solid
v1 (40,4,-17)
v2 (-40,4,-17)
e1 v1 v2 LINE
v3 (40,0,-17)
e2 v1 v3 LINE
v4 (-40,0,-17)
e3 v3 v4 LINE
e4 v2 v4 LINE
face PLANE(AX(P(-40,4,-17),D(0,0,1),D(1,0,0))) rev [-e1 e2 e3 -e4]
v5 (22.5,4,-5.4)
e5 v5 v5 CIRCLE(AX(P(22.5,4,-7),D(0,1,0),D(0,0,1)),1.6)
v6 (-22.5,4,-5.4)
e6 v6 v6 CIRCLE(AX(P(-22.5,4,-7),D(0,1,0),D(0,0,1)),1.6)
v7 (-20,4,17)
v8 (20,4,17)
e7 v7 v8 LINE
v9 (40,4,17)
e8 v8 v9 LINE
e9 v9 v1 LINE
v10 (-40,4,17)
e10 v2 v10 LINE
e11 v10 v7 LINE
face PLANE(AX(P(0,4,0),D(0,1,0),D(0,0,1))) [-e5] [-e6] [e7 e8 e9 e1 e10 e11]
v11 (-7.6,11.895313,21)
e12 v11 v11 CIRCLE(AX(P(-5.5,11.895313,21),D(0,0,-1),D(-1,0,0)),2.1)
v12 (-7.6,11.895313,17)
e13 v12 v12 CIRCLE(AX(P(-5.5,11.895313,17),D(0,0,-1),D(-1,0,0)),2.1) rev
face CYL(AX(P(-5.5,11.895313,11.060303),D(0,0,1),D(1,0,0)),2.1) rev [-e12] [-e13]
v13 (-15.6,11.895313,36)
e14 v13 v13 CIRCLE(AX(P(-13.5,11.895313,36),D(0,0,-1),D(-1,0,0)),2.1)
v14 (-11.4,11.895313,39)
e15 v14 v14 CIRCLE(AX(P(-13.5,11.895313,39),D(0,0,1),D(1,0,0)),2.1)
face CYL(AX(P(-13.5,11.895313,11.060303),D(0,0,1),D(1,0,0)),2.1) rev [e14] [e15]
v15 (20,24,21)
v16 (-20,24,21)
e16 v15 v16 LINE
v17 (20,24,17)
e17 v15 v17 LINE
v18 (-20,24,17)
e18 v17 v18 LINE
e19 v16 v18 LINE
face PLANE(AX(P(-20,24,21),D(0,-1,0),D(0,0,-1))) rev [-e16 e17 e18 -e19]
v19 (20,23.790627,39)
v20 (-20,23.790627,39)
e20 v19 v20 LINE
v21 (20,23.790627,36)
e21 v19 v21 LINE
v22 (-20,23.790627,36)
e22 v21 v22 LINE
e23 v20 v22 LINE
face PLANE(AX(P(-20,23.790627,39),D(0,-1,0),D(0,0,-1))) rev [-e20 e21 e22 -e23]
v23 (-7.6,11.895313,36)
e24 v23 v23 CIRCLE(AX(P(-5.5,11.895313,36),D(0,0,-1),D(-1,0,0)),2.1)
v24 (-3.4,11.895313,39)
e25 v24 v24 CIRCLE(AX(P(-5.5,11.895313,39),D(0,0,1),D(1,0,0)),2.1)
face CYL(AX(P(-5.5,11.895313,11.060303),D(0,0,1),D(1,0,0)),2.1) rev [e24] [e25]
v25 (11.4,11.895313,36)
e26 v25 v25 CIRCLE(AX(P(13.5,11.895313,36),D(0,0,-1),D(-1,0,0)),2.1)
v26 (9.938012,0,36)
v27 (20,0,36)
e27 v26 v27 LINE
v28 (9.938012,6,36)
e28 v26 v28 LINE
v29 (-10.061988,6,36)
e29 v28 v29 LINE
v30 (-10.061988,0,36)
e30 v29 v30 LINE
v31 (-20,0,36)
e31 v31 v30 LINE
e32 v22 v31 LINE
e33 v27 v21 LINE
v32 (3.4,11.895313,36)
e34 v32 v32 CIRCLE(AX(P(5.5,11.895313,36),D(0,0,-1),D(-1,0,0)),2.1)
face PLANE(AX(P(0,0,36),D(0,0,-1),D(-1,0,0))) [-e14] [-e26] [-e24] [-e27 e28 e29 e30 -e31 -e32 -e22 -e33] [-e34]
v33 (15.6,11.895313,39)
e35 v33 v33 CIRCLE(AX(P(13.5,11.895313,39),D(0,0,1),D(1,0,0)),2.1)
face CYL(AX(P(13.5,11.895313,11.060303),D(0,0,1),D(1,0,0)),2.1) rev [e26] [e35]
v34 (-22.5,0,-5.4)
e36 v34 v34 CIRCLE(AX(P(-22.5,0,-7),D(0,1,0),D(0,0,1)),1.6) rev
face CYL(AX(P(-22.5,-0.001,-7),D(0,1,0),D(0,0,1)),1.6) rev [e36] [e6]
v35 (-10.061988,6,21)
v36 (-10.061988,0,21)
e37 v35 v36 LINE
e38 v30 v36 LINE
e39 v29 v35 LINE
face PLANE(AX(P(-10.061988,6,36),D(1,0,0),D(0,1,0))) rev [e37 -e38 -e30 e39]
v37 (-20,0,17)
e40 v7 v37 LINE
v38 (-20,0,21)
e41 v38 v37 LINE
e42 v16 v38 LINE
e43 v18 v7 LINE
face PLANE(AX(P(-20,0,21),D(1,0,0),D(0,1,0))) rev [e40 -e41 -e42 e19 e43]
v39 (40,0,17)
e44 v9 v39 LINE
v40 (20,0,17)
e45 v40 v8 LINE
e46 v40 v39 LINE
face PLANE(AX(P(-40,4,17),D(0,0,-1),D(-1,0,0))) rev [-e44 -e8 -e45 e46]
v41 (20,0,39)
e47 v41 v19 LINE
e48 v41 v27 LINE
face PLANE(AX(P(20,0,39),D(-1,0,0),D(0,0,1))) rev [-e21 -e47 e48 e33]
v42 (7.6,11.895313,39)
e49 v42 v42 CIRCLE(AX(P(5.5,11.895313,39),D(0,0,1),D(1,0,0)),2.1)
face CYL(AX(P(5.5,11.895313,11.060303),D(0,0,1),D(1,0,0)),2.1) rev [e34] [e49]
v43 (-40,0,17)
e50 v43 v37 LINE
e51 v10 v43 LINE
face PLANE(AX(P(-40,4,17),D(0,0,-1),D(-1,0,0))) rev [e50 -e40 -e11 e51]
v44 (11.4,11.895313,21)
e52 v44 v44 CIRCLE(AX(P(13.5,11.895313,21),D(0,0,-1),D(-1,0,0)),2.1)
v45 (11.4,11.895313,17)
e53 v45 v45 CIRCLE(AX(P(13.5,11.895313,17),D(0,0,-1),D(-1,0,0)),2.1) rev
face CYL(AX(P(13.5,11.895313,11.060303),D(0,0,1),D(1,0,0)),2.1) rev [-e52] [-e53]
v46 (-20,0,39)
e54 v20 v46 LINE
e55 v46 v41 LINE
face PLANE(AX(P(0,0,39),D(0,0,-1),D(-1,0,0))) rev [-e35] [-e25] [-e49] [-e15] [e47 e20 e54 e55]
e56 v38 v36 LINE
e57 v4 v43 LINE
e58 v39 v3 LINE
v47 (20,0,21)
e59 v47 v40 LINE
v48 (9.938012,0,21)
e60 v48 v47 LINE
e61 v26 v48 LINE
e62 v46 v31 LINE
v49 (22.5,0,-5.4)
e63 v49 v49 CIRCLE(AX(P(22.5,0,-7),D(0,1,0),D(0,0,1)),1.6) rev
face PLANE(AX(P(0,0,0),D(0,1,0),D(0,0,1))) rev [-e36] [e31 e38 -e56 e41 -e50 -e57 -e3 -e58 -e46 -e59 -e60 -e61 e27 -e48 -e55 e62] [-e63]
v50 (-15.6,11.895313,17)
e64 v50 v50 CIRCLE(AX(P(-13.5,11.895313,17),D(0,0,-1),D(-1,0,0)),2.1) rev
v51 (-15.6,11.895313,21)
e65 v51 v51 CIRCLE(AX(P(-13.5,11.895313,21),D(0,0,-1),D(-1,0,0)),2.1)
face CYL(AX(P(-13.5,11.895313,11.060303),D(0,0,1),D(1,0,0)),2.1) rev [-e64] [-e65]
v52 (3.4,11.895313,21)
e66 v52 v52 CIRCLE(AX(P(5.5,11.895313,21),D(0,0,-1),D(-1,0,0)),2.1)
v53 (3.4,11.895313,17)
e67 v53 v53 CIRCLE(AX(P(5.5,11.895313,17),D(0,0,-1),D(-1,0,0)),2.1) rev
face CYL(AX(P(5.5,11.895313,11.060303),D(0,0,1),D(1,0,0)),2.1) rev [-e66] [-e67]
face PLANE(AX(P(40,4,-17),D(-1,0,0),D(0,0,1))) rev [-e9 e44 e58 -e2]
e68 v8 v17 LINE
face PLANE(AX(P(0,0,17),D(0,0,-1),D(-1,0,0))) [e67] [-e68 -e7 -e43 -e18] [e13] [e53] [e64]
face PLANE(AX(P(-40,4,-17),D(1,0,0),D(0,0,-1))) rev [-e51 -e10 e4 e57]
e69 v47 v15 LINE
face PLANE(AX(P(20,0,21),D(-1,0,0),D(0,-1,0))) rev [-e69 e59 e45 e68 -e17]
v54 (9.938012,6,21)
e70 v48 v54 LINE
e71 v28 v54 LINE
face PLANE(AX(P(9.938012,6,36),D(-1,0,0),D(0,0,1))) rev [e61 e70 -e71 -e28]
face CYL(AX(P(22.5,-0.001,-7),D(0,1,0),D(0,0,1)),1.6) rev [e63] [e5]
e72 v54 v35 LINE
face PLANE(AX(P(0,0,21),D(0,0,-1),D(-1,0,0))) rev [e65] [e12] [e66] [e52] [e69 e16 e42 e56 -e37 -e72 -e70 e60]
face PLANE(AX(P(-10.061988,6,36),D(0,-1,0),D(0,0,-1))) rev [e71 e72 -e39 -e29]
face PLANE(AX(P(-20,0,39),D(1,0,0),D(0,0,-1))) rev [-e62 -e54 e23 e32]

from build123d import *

# Parameters (mm, degrees)
SKETCH_1_W          = 80
SKETCH_1_H          = 34
EXTRUDE_1_DEPTH     = 4
CUT_EXTRUDE_1_REACH = 45.646
SKETCH_2_R          = 1.6
SKETCH_3_W          = 40
SKETCH_3_H          = 24
EXTRUDE_2_DEPTH     = 4
SKETCH_4_W          = 20
SKETCH_4_H          = 6
EXTRUDE_3_DEPTH     = 15
SKETCH_5_W          = 40
SKETCH_5_H          = 23.790626796
EXTRUDE_4_DEPTH     = 3
CUT_EXTRUDE_2_REACH = 74.883
SKETCH_6_R          = 2.1


with BuildPart() as part:
    # 草图1 → 凸台-拉伸1 (new body)
    with BuildSketch(Plane(origin=(0, 0, 0), x_dir=(1, 0, 0), z_dir=(0, 1, 0))):
        Rectangle(SKETCH_1_W, SKETCH_1_H)
    extrude(amount=EXTRUDE_1_DEPTH)

    # 草图2 → 切除-拉伸1 (cut, up to next)
    with BuildSketch(Plane(origin=(0, 4, 0), x_dir=(1, 0, 0), z_dir=(0, 1, 0)), mode=Mode.PRIVATE) as cut_extrude_1_sk1:
        with Locations(Location((-22.5, 7, 0), (0, 0, 270))):
            Circle(SKETCH_2_R)
    cut_extrude_1_tool1 = extrude(cut_extrude_1_sk1.sketch, amount=-CUT_EXTRUDE_1_REACH, mode=Mode.PRIVATE) & part.part
    # 草图2 → 切除-拉伸1 (cut, up to next)
    with BuildSketch(Plane(origin=(0, 4, 0), x_dir=(1, 0, 0), z_dir=(0, 1, 0)), mode=Mode.PRIVATE) as cut_extrude_1_sk2:
        with Locations(Location((22.5, 7, 0), (0, 0, 270))):
            Circle(SKETCH_2_R)
    cut_extrude_1_tool2 = extrude(cut_extrude_1_sk2.sketch, amount=-CUT_EXTRUDE_1_REACH, mode=Mode.PRIVATE) & part.part
    add(cut_extrude_1_tool1.solids().sort_by_distance((-22.5, 4, -7))[0], mode=Mode.SUBTRACT)
    add(cut_extrude_1_tool2.solids().sort_by_distance((22.5, 4, -7))[0], mode=Mode.SUBTRACT)

    # 草图3 → 凸台-拉伸2 (add)
    with BuildSketch(Plane.XY.offset(17)):
        with Locations((0, 12)):
            Rectangle(SKETCH_3_W, SKETCH_3_H)
    extrude(amount=EXTRUDE_2_DEPTH)

    # 草图4 → 凸台-拉伸3 (add)
    with BuildSketch(Plane.XY.offset(21)):
        with Locations((-0.061987537, 3)):
            Rectangle(SKETCH_4_W, SKETCH_4_H)
    extrude(amount=EXTRUDE_3_DEPTH)

    # 草图5 → 凸台-拉伸4 (add)
    with BuildSketch(Plane.XY.offset(36)):
        with Locations((0, 11.895313398)):
            Rectangle(SKETCH_5_W, SKETCH_5_H)
    extrude(amount=EXTRUDE_4_DEPTH)

    # 切除-拉伸2: up to this face of the body (flat: up to its plane)
    cut_extrude_2_end = Plane(part.part.faces().sort_by_distance((0, 14, 17))[0])
    # 草图6 → 切除-拉伸2 (cut, up to the picked face)
    with BuildSketch(Plane.XY.offset(39), mode=Mode.PRIVATE) as cut_extrude_2_sk1:
        with Locations((-13.5, 11.895313398)):
            Circle(SKETCH_6_R)
    cut_extrude_2_tool1 = split(extrude(cut_extrude_2_sk1.sketch, amount=-CUT_EXTRUDE_2_REACH, mode=Mode.PRIVATE), bisect_by=cut_extrude_2_end, keep=Keep.BOTH, mode=Mode.PRIVATE)
    # 草图6 → 切除-拉伸2 (cut, up to the picked face)
    with BuildSketch(Plane.XY.offset(39), mode=Mode.PRIVATE) as cut_extrude_2_sk2:
        with Locations((-5.5, 11.895313398)):
            Circle(SKETCH_6_R)
    cut_extrude_2_tool2 = split(extrude(cut_extrude_2_sk2.sketch, amount=-CUT_EXTRUDE_2_REACH, mode=Mode.PRIVATE), bisect_by=cut_extrude_2_end, keep=Keep.BOTH, mode=Mode.PRIVATE)
    # 草图6 → 切除-拉伸2 (cut, up to the picked face)
    with BuildSketch(Plane.XY.offset(39), mode=Mode.PRIVATE) as cut_extrude_2_sk3:
        with Locations((5.5, 11.895313398)):
            Circle(SKETCH_6_R)
    cut_extrude_2_tool3 = split(extrude(cut_extrude_2_sk3.sketch, amount=-CUT_EXTRUDE_2_REACH, mode=Mode.PRIVATE), bisect_by=cut_extrude_2_end, keep=Keep.BOTH, mode=Mode.PRIVATE)
    # 草图6 → 切除-拉伸2 (cut, up to the picked face)
    with BuildSketch(Plane.XY.offset(39), mode=Mode.PRIVATE) as cut_extrude_2_sk4:
        with Locations((13.5, 11.895313398)):
            Circle(SKETCH_6_R)
    cut_extrude_2_tool4 = split(extrude(cut_extrude_2_sk4.sketch, amount=-CUT_EXTRUDE_2_REACH, mode=Mode.PRIVATE), bisect_by=cut_extrude_2_end, keep=Keep.BOTH, mode=Mode.PRIVATE)
    add(cut_extrude_2_tool1.solids().sort_by(Axis((-13.5, 11.895313, 39), (0, 0, -1)))[0], mode=Mode.SUBTRACT)
    add(cut_extrude_2_tool2.solids().sort_by(Axis((-5.5, 11.895313, 39), (0, 0, -1)))[0], mode=Mode.SUBTRACT)
    add(cut_extrude_2_tool3.solids().sort_by(Axis((5.5, 11.895313, 39), (0, 0, -1)))[0], mode=Mode.SUBTRACT)
    add(cut_extrude_2_tool4.solids().sort_by(Axis((13.5, 11.895313, 39), (0, 0, -1)))[0], mode=Mode.SUBTRACT)


solid = part.part
